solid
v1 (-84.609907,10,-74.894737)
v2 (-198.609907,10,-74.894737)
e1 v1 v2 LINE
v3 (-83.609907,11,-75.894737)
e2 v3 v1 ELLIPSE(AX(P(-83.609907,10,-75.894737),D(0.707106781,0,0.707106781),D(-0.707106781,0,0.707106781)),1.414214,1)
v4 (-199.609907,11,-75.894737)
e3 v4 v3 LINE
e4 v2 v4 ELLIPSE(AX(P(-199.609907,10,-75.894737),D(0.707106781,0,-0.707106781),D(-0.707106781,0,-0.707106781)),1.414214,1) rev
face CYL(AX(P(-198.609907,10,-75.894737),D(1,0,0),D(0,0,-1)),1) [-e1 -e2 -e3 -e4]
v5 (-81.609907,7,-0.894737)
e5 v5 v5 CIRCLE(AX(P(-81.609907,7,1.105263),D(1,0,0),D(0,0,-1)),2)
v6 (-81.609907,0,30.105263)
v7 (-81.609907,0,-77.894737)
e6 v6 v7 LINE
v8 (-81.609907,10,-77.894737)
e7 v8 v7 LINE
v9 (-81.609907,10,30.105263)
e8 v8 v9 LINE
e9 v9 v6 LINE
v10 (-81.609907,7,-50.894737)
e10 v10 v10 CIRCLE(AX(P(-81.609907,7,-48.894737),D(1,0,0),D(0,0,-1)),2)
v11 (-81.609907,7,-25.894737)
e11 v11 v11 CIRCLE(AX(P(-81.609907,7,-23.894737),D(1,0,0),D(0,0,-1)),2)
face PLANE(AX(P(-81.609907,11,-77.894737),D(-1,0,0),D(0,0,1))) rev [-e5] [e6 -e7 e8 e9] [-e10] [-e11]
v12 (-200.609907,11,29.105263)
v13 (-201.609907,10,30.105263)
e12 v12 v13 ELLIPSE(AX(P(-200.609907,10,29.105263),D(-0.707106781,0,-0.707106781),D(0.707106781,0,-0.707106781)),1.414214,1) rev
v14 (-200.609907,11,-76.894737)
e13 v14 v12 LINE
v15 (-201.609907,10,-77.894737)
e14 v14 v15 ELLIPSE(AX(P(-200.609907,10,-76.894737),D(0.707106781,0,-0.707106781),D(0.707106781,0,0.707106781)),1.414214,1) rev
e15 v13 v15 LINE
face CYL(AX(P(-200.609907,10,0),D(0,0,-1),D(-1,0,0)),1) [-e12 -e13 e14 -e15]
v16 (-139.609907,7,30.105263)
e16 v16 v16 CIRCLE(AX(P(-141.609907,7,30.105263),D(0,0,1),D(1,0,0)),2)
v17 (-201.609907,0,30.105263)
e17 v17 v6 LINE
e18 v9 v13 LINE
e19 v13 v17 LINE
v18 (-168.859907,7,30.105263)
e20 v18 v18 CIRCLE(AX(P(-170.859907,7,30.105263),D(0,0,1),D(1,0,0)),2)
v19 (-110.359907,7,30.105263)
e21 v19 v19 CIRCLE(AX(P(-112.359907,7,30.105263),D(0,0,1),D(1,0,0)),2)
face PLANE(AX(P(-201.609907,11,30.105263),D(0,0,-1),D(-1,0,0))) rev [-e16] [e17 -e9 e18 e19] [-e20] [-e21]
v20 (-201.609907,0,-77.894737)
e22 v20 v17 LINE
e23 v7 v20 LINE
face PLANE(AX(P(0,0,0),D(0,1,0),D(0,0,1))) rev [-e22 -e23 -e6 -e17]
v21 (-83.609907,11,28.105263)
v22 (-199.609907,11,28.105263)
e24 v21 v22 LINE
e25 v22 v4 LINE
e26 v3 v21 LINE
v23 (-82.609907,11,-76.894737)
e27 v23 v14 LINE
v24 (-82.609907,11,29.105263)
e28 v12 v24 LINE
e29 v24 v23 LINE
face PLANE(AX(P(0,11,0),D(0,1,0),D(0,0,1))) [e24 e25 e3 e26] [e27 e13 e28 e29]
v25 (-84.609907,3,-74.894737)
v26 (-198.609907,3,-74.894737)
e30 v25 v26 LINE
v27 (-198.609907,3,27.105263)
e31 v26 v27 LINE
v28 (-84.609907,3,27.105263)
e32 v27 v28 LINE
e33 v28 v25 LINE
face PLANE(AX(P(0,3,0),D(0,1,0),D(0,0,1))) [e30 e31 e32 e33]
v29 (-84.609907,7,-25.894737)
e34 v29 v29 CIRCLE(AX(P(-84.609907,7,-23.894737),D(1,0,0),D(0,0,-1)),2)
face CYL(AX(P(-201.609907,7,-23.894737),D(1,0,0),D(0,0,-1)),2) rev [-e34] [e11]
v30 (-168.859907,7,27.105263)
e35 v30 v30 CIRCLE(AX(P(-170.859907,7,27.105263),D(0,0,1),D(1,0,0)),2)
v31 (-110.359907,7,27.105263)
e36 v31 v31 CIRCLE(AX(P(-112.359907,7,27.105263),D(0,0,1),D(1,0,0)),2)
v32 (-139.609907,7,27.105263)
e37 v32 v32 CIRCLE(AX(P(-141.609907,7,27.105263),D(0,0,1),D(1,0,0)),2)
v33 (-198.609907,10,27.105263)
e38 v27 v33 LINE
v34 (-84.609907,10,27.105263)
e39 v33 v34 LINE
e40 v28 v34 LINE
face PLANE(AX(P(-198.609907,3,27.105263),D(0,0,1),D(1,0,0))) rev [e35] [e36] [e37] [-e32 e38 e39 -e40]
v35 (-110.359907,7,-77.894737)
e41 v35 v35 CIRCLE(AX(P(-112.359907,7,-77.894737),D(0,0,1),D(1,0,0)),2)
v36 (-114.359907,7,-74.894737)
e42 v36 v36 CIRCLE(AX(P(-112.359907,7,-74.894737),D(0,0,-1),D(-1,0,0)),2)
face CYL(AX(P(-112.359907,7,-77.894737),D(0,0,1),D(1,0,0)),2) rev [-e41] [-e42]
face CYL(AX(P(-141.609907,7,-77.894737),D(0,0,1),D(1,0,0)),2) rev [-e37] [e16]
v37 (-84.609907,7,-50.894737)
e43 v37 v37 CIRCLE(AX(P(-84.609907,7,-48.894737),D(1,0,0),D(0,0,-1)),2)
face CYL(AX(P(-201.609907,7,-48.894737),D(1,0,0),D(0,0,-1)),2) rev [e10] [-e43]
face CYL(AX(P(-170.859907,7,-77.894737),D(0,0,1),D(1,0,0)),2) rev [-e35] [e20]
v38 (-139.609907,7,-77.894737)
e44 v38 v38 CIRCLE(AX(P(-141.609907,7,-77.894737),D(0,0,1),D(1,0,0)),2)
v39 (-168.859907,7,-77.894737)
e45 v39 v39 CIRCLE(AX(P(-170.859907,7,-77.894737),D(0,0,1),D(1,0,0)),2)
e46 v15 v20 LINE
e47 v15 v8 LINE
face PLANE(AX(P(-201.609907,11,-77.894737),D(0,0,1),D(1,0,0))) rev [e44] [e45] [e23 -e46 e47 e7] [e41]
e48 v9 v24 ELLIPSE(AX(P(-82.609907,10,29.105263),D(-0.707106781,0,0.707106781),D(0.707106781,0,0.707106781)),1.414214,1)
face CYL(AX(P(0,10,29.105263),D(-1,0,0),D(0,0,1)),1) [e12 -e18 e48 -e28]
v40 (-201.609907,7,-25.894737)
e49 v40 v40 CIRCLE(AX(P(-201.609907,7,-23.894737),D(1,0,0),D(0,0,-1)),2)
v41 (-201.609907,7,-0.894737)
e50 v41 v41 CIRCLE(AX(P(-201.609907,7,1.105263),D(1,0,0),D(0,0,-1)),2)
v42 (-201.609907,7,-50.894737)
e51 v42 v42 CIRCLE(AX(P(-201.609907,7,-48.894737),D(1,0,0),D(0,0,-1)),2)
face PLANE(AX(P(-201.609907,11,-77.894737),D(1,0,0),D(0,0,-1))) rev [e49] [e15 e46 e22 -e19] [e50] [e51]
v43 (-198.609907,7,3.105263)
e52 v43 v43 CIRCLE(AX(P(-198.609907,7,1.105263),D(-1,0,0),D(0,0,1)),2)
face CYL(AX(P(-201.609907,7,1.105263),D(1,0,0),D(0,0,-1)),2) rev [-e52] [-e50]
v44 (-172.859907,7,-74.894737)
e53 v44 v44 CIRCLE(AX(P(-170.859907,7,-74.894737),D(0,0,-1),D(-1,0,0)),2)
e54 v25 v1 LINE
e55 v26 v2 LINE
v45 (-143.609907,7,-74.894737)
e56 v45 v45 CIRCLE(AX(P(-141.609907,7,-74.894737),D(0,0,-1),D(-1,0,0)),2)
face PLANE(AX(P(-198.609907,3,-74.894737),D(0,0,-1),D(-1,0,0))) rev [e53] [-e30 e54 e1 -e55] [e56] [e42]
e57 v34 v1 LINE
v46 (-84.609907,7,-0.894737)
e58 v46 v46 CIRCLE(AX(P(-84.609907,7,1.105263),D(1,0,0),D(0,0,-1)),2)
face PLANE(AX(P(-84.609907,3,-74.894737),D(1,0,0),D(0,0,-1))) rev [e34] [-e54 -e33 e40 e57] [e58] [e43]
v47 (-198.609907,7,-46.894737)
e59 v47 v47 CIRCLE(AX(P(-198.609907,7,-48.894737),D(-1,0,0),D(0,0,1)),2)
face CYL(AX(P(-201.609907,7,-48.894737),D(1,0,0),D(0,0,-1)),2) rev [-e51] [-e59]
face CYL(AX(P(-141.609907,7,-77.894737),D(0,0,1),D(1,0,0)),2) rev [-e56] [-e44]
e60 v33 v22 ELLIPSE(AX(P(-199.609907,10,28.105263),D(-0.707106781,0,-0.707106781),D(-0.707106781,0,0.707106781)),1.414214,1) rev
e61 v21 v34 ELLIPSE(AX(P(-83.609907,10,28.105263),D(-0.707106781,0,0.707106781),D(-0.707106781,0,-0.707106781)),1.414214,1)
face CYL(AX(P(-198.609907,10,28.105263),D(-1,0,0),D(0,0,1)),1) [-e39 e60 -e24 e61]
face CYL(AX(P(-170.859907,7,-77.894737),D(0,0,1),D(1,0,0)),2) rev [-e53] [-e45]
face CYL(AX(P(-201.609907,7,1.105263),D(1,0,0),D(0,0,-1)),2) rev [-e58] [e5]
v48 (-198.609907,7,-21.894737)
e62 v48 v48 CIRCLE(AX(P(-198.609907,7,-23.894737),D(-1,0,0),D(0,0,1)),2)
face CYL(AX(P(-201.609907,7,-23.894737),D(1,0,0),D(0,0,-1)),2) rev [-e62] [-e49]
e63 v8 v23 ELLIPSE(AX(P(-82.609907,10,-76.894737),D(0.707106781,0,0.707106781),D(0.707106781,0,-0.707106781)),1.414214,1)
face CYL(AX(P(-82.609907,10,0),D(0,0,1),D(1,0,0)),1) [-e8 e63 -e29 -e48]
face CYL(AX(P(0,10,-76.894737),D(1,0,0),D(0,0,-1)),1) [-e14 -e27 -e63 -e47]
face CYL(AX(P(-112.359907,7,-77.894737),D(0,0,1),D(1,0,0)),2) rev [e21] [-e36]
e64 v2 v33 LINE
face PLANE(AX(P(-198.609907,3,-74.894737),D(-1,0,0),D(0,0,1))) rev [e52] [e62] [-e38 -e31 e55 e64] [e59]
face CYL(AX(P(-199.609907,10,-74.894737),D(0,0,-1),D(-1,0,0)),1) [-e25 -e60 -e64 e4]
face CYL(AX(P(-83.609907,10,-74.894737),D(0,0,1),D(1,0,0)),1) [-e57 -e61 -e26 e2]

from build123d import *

# Parameters (mm, degrees)
SKETCH1_W               = 120
SKETCH1_H               = 108
BOSS_EXTRUDE1_DEPTH     = 11
SKETCH4_W               = 114
SKETCH4_H               = 102
CUT_EXTRUDE1_DEPTH      = 8
SKETCH6_R               = 1.999999993
SKETCH6_R_2             = 2
CUT_EXTRUDE6_DEPTH      = 118
CUT_EXTRUDE6_DEPTH_BACK = 4
SKETCH5_R               = 2
CUT_EXTRUDE5_DEPTH      = 106
CUT_EXTRUDE5_DEPTH_BACK = 4
FILLET2_R               = 1


with BuildPart() as part:
    # Sketch1 → Boss-Extrude1 (new body)
    with BuildSketch(Plane(origin=(0, 0, 0), x_dir=(1, 0, 0), z_dir=(0, 1, 0))):
        with Locations((-141.609907121, 23.894736842)):
            Rectangle(SKETCH1_W, SKETCH1_H)
    extrude(amount=BOSS_EXTRUDE1_DEPTH)

    # Sketch4 → Cut-Extrude1 (cut)
    with BuildSketch(Plane(origin=(0, 11, 0), x_dir=(1, 0, 0), z_dir=(0, 1, 0))):
        with Locations((-141.609907121, 23.894736842)):
            Rectangle(SKETCH4_W, SKETCH4_H)
    extrude(amount=-CUT_EXTRUDE1_DEPTH, mode=Mode.SUBTRACT)

    # Sketch6 → Cut-Extrude6 (cut, two sides)
    with BuildSketch(Plane(origin=(-198.609907121, 0, 0), x_dir=(0, 0, -1), z_dir=(1, 0, 0))) as cut_extrude6_sk:
        with Locations((-1.105263158, 6.999999977)):
            Circle(SKETCH6_R)
        with Locations((23.894736842, 6.999999977)):
            Circle(SKETCH6_R_2)
        with Locations((48.894736842, 7)):
            Circle(SKETCH6_R_2)
    extrude(amount=CUT_EXTRUDE6_DEPTH, mode=Mode.SUBTRACT)
    extrude(cut_extrude6_sk.sketch, amount=-CUT_EXTRUDE6_DEPTH_BACK, mode=Mode.SUBTRACT)

    # Sketch5 → Cut-Extrude5 (cut, two sides)
    with BuildSketch(Plane.XY.offset(-74.894736842)) as cut_extrude5_sk:
        with Locations((-170.859907121, 7)):
            Circle(SKETCH5_R)
        with Locations((-141.609907121, 7)):
            Circle(SKETCH5_R)
        with Locations((-112.359907121, 7)):
            Circle(SKETCH5_R)
    extrude(amount=CUT_EXTRUDE5_DEPTH, mode=Mode.SUBTRACT)
    extrude(cut_extrude5_sk.sketch, amount=-CUT_EXTRUDE5_DEPTH_BACK, mode=Mode.SUBTRACT)

    # Fillet2
    fillet2_edges = [part.edges().sort_by_distance(p)[0] for p in [
        (-81.609907121, 11, -23.894736842),
        (-141.609907121, 11, -77.894736842),
        (-198.609907121, 11, -23.894736842),
        (-141.609907121, 11, 27.105263158),
        (-84.609907121, 11, -23.894736842),
        (-141.609907121, 11, -74.894736842),
        (-201.609907121, 11, -23.894736842),
        (-141.609907121, 11, 30.105263158),
    ]]
    fillet(fillet2_edges, radius=FILLET2_R)


solid = part.part
